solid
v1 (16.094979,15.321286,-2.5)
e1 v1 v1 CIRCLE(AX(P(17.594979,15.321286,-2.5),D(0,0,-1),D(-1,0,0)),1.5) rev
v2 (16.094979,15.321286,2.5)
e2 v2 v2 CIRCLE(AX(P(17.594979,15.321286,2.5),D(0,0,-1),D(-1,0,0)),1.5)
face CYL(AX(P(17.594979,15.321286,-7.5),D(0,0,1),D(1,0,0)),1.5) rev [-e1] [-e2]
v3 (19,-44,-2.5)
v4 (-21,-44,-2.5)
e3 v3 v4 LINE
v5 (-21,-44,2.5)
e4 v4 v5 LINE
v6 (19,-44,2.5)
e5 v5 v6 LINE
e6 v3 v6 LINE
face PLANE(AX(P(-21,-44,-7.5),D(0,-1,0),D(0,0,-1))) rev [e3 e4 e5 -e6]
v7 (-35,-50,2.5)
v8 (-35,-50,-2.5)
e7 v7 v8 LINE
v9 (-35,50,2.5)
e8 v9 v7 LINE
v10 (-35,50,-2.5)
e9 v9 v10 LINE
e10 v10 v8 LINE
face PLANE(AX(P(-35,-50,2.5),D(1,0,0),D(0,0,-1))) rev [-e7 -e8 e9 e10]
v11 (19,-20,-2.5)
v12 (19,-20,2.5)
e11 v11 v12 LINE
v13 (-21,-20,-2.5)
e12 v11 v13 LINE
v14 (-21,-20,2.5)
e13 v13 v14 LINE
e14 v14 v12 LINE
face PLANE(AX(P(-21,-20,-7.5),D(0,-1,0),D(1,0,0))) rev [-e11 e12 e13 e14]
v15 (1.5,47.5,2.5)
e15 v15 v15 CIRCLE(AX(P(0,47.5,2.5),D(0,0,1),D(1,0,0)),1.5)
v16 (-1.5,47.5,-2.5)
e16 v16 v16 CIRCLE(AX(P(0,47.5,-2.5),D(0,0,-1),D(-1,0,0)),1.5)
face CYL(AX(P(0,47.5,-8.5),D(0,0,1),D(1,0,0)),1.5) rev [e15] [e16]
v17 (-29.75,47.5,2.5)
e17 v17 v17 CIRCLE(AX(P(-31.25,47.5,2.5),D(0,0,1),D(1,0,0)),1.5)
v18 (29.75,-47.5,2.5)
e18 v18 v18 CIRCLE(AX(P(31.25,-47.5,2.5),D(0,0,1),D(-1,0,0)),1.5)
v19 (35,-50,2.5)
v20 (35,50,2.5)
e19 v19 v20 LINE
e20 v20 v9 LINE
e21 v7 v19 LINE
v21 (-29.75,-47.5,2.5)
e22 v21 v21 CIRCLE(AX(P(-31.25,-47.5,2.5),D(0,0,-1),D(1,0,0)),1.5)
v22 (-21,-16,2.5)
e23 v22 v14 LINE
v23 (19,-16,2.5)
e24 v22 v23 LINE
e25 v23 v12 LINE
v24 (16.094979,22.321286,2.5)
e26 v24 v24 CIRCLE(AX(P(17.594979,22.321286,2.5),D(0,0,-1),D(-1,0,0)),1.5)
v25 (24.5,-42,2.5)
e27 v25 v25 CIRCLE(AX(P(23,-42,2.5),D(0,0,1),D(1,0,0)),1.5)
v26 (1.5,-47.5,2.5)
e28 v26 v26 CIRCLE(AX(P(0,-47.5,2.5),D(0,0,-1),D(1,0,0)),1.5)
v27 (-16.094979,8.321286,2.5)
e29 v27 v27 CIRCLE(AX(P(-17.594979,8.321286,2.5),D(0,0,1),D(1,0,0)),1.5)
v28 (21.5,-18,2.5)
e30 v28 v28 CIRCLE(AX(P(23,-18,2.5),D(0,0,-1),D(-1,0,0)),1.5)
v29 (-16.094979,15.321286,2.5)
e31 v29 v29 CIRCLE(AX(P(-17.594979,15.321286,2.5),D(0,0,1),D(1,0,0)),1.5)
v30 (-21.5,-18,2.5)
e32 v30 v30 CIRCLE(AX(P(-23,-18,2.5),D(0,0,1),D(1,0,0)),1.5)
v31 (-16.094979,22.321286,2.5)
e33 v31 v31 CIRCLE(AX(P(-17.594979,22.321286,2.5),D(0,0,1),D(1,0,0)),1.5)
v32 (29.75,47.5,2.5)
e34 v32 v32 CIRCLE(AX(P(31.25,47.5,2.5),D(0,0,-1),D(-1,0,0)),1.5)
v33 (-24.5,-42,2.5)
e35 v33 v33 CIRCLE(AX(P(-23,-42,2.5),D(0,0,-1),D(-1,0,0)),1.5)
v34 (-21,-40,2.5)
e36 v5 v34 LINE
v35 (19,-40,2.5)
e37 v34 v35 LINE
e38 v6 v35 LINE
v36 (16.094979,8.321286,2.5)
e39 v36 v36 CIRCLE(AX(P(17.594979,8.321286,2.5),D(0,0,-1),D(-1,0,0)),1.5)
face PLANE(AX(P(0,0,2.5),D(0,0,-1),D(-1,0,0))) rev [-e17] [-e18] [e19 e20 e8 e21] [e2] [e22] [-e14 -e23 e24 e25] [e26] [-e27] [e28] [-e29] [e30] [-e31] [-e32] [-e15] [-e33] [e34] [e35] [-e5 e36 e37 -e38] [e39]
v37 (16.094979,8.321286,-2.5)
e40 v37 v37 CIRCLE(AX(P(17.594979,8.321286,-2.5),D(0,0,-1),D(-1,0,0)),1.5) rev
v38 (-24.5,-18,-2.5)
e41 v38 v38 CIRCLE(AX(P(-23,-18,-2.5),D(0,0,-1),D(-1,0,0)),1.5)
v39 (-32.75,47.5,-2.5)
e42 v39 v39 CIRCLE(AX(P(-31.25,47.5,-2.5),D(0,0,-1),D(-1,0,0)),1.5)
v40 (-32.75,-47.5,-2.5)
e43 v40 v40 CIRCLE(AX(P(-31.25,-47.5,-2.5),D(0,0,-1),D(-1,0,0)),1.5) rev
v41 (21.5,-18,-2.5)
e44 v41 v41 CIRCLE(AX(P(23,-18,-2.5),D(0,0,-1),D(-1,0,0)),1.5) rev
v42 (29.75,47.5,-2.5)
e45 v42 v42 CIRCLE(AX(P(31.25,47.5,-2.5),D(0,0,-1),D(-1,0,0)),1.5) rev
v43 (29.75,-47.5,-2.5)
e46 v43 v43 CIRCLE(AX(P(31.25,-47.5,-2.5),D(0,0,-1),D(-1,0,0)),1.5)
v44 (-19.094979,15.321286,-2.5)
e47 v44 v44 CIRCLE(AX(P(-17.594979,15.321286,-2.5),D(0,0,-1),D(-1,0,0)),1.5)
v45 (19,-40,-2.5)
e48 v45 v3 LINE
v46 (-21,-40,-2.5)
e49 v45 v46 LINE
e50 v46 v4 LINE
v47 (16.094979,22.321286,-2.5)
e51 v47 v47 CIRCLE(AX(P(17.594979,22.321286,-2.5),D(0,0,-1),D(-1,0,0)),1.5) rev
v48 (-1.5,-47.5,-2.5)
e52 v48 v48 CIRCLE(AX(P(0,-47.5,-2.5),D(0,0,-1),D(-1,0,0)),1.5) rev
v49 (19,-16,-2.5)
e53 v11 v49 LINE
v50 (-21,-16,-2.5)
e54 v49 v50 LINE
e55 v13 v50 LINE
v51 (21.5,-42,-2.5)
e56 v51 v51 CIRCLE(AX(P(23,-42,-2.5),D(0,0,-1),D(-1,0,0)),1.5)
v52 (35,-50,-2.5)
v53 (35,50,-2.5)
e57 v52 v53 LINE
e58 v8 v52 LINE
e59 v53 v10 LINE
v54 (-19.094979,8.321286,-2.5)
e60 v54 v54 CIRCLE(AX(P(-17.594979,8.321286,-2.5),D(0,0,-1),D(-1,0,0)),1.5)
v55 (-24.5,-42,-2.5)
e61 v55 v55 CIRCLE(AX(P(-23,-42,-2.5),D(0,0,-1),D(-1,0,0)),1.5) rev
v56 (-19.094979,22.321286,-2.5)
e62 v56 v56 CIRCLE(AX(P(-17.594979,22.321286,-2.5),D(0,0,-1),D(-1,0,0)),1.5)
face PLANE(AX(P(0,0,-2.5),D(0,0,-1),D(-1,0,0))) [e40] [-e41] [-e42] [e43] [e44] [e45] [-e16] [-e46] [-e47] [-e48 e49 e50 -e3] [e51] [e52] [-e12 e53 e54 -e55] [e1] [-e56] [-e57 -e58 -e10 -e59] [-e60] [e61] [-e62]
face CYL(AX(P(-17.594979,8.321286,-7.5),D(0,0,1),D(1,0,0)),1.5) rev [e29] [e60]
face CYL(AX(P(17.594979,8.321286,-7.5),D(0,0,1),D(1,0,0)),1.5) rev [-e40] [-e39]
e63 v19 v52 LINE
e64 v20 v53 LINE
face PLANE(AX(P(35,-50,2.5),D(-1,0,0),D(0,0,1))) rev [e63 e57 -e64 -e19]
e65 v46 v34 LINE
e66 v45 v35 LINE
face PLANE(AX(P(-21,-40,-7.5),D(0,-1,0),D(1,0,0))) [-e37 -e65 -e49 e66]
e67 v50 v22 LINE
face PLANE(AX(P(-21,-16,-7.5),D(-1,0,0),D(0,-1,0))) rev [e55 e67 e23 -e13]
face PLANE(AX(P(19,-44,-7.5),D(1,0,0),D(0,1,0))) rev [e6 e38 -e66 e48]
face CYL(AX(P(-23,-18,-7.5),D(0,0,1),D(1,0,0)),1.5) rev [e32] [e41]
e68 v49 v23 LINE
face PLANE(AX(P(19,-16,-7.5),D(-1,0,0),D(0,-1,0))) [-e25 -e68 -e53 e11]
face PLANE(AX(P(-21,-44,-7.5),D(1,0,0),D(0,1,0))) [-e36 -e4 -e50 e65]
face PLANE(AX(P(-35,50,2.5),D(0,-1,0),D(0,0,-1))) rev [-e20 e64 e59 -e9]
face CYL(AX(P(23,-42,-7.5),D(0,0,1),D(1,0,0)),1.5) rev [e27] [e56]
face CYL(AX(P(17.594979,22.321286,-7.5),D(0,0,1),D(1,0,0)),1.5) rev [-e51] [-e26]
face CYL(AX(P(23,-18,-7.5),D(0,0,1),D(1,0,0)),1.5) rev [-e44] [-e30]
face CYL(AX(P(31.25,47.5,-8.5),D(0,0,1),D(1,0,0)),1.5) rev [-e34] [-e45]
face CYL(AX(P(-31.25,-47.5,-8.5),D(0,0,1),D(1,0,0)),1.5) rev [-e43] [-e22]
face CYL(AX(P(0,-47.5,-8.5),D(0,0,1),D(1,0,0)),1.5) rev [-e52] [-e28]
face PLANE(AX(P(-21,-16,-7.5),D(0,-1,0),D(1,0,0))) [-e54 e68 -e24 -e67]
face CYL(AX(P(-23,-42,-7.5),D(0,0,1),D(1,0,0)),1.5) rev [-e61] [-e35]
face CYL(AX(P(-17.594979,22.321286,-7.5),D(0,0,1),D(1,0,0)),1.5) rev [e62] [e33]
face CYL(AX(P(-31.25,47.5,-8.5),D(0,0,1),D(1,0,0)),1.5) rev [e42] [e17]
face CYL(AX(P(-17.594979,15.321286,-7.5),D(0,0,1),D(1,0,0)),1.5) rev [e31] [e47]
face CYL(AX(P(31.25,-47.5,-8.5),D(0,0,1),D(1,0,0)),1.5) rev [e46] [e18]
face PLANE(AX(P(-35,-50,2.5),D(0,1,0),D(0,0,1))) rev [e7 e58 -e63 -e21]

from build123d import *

# Parameters (mm, degrees)
SKETCH1_W           = 70
SKETCH1_H           = 100
BOSS_EXTRUDE1_DEPTH = 2.5
SKETCH2_R           = 1.5
CUT_EXTRUDE1_DEPTH  = 11
SKETCH3_R           = 1.5
SKETCH3_W           = 40
SKETCH3_H           = 4
CUT_EXTRUDE2_DEPTH  = 10


with BuildPart() as part:
    # Sketch1 → Boss-Extrude1 (new, symmetric)
    with BuildSketch(Plane.XY):
        Rectangle(SKETCH1_W, SKETCH1_H)
    extrude(amount=BOSS_EXTRUDE1_DEPTH, both=True)

    # Sketch2 → Cut-Extrude1 (cut)
    with BuildSketch(Plane.XY.offset(2.5)):
        with Locations((0, 47.5)):
            Circle(SKETCH2_R)
        with Locations((-31.25, 47.5)):
            Circle(SKETCH2_R)
        with Locations(Location((31.25, 47.5, 0), (0, 0, 180))):
            Circle(SKETCH2_R)
    cut_extrude1 = extrude(amount=-CUT_EXTRUDE1_DEPTH, mode=Mode.SUBTRACT)

    # Mirror1: Cut-Extrude1 across plane
    add(cut_extrude1.mirror(Plane.ZX), mode=Mode.SUBTRACT)

    # Sketch3 → Cut-Extrude2 (cut)
    with BuildSketch(Plane.XY.offset(2.5)):
        with Locations((-17.594978519, 15.321286244)):
            Circle(SKETCH3_R)
        with Locations((-17.594978519, 22.321286244)):
            Circle(SKETCH3_R)
        with Locations((-17.594978519, 8.321286244)):
            Circle(SKETCH3_R)
        with Locations(Location((17.594978519, 8.321286244, 0), (0, 0, 180))):
            Circle(SKETCH3_R)
        with Locations(Location((17.594978519, 15.321286244, 0), (0, 0, 180))):
            Circle(SKETCH3_R)
        with Locations(Location((17.594978519, 22.321286244, 0), (0, 0, 180))):
            Circle(SKETCH3_R)
        with Locations((-23, -18)):
            Circle(SKETCH3_R)
        with Locations(Location((23, -18, 0), (0, 0, 180))):
            Circle(SKETCH3_R)
        with Locations((23, -42)):
            Circle(SKETCH3_R)
        with Locations(Location((-23, -42, 0), (0, 0, 180))):
            Circle(SKETCH3_R)
        with Locations((-1, -42)):
            Rectangle(SKETCH3_W, SKETCH3_H)
        with Locations((-1, -18)):
            Rectangle(SKETCH3_W, SKETCH3_H)
    extrude(amount=-CUT_EXTRUDE2_DEPTH, mode=Mode.SUBTRACT)


solid = part.part
